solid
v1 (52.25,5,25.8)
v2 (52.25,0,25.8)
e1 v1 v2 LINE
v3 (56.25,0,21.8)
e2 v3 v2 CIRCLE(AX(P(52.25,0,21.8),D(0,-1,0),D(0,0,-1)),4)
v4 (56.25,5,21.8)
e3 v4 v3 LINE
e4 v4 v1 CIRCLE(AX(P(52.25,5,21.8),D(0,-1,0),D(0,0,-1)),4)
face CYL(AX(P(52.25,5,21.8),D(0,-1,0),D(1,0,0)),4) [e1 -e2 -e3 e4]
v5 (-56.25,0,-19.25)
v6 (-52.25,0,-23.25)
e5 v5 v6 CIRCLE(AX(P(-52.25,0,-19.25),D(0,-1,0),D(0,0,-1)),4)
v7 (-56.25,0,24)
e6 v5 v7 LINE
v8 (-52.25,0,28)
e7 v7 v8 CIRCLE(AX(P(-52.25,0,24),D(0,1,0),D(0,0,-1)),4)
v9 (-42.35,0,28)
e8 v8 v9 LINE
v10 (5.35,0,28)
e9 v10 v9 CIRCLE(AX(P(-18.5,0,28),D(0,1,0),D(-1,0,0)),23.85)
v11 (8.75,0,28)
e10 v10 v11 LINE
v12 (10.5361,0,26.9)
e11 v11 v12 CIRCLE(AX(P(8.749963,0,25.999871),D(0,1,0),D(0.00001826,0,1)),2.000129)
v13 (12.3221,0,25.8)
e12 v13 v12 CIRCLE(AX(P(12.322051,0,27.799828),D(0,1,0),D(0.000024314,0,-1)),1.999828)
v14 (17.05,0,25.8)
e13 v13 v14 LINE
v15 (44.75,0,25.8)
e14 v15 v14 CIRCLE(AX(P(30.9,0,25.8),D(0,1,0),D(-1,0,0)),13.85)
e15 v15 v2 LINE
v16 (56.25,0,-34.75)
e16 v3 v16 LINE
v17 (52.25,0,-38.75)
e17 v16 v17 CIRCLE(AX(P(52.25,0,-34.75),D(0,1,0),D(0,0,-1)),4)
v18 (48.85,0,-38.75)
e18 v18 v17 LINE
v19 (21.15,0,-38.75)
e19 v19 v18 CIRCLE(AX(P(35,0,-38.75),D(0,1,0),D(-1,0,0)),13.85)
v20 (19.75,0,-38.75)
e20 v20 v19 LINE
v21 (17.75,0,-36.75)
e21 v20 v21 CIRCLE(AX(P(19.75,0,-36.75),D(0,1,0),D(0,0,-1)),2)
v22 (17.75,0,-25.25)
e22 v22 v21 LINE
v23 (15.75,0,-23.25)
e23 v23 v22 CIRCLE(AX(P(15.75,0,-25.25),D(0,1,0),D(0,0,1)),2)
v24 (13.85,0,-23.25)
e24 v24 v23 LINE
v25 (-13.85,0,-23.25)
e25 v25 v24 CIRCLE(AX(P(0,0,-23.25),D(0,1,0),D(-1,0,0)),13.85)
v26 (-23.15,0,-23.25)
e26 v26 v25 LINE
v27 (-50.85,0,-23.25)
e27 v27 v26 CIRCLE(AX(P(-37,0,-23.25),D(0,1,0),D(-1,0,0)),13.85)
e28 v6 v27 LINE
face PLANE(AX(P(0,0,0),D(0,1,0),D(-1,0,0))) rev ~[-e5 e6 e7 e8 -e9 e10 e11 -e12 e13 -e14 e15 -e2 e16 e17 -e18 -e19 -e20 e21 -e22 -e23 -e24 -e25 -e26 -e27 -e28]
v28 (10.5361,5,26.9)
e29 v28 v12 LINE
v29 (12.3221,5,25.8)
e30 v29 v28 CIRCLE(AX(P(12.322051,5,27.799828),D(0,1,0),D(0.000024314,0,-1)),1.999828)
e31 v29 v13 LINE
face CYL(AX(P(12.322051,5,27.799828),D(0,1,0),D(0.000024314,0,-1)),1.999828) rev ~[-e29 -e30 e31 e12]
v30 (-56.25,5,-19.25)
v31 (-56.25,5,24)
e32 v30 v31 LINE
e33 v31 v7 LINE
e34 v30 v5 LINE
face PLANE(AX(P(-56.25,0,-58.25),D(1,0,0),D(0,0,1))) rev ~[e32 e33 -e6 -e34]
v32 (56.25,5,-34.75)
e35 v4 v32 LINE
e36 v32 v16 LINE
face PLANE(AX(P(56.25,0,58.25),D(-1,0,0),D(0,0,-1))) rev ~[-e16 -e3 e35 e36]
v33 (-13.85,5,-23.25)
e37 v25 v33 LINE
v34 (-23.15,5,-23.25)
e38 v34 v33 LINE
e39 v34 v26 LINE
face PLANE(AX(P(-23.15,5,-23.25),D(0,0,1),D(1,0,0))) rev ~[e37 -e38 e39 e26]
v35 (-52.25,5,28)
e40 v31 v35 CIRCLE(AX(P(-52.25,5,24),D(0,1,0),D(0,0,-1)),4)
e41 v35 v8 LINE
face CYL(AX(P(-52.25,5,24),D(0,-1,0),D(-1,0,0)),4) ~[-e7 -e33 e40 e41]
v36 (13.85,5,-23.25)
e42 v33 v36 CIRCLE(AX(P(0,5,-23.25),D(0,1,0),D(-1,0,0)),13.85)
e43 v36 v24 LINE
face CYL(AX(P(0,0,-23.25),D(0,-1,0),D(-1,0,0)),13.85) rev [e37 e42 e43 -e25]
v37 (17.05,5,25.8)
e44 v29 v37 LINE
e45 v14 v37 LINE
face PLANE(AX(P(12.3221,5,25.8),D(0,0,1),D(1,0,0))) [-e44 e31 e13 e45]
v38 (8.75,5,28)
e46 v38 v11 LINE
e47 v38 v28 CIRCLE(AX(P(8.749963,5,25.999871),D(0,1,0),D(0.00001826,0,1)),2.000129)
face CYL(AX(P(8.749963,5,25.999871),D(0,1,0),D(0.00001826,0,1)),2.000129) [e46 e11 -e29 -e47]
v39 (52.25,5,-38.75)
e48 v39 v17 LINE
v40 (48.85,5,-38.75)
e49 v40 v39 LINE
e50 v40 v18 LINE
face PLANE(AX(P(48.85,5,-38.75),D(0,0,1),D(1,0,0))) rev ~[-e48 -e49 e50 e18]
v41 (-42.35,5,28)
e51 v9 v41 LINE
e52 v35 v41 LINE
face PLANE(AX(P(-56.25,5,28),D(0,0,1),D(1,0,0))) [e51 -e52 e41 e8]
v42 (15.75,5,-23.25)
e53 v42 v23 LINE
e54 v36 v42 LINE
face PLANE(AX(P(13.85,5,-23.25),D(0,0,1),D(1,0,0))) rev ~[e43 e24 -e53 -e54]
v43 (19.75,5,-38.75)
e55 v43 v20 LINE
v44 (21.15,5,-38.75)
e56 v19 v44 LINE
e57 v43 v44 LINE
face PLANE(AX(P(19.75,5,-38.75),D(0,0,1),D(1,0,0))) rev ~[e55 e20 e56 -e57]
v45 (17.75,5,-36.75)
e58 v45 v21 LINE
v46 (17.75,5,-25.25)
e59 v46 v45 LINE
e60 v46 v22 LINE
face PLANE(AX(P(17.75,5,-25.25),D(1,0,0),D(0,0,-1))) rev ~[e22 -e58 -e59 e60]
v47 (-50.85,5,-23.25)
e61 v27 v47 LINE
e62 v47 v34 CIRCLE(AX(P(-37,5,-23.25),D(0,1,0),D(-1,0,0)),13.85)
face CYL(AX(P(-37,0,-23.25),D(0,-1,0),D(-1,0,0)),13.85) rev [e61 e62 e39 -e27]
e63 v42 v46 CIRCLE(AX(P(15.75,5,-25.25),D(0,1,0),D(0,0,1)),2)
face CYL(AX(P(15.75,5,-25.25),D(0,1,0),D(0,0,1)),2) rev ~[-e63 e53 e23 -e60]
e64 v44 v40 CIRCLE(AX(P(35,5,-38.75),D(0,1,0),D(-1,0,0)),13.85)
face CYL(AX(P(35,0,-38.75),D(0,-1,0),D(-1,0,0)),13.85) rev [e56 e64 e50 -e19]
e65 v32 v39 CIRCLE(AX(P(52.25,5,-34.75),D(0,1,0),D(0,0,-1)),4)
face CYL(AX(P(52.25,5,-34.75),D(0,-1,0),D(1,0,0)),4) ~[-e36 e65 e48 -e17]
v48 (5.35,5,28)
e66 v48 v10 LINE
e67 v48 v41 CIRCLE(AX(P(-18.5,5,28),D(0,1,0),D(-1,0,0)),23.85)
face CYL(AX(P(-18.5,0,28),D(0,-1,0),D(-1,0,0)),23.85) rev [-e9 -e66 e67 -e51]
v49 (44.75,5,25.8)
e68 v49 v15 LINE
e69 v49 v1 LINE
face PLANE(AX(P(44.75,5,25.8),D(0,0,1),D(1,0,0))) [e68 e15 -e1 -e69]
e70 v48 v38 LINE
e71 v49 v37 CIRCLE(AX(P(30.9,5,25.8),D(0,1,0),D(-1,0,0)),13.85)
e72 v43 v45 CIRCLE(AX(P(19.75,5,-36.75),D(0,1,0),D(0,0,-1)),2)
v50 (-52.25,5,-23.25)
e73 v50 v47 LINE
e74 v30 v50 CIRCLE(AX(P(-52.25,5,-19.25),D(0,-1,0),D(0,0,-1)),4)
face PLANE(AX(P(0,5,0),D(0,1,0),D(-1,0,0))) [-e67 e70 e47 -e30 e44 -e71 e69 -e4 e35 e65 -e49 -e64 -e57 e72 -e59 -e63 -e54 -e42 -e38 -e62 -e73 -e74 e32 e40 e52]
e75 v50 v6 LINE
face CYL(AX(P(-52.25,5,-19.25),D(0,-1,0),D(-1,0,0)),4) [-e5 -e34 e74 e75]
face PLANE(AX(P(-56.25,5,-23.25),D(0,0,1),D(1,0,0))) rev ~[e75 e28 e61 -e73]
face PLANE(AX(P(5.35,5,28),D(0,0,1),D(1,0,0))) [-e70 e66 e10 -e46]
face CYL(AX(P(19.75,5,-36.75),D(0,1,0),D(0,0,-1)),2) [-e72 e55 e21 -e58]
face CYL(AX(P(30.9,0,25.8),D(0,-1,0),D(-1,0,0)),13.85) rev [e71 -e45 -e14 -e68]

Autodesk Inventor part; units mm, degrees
ref_plane "YZ Plane" through (0, 0, 0) normal (1, 0, 0) x (0, 1, 0)
ref_plane "XZ Plane" through (0, 0, 0) normal (0, 1, 0) x (-1, 0, 0)
ref_plane "XY Plane" through (0, 0, 0) normal (0, 0, 1) x (1, 0, 0)
sketch "Sketch1" plane through (0, 0, 0) normal (0, 1, 0) x (-1, 0, 0)
  circle A0 centre (18.5, 28) radius 23.85
  circle A1 centre (37, -23.25) radius 13.85
  circle A2 centre (-35, -38.75) radius 13.85
  circle A3 centre (-30.9, 25.8) radius 13.85
  circle A4 centre (0, -23.25) radius 13.85
  line L0 (56.25, 58.25) -> (-56.25, 58.25)
  line L1 (-56.25, -58.25) -> (56.25, -58.25)
  line L2 (0, -105.9299) -> (0, 123.2086) construction
  line L3 (-76.4777, -38.75) -> (-5.35, -38.75) construction
  line L4 (-123.5447, -23.25) -> (82.5572, -23.25) construction
  line L5 (56.25, -58.25) -> (56.25, 58.25)
  line L6 (56.25, 58.25) -> (56.25, -58.25)
  line L7 (-56.25, 58.25) -> (-56.25, -58.25)
  line L8 (100.0459, 28) -> (-13.85, 28) construction
  line L9 (-9.7154, 25.8) -> (-68.4996, 25.8) construction
  line L10 (18.5, 82.6038) -> (18.5, -4.654) construction
  line L11 (-30.9, 82.6038) -> (-30.9, 8.6393) construction
  point P0 (0, 0)
  point P1 (0, 0)
  dimension "d0" = 47.7
  dimension "d1" = 27.7
  dimension "d2" = 27.7
  dimension "d3" = 27.7
  dimension "d4" = 27.7
  dimension "d7" = 37
  dimension "d9" = 30.9
  dimension "d10" = 19.5
  dimension "d11" = 35
  dimension "d12" = 35
  dimension "d13" = 25.8
  dimension "d14" = 28
  dimension "d15" = 56.25
  dimension "d16" = 58.25
  dimension "d17" = 116.5
  dimension "d18" = 112.5
  dimension "d19" = 18.5
  dimension "d20" = 32.45
extrude "Extrusion1" add sketch "Sketch1" along normal blind 5
sketch "Sketch2" plane through (0, 5, 0) normal (0, 1, 0) x (1, 0, 0)
  line L0 (-56.25, 58.25) -> (-56.25, -58.25) projected
  line L1 (-56.25, -58.25) -> (56.25, -58.25) projected
  line L2 (56.25, -58.25) -> (56.25, 58.25) projected
  line L3 (56.25, 58.25) -> (-56.25, 58.25) projected
  circle A0 centre (0, 23.25) radius 13.85 projected
  circle A1 centre (30.9, -25.8) radius 13.85 projected
  circle A2 centre (35, 38.75) radius 13.85 projected
  circle A3 centre (-37, 23.25) radius 13.85 projected
  circle A4 centre (-18.5, -28) radius 23.85 projected
  line L4 (-56.25, 58.25) -> (-56.25, -58.25) projected
  line L5 (-56.25, 23.25) -> (15.75, 23.25)
  line L6 (19.75, 38.75) -> (56.25, 38.75)
  line L7 (56.25, -58.25) -> (56.25, 58.25) projected
  line L8 (17.75, 25.25) -> (17.75, 36.75)
  arc A5 (15.75, 23.25) -> (17.75, 25.25) centre (15.75, 25.25) ccw
  arc A6 (19.75, 38.75) -> (17.75, 36.75) centre (19.75, 36.75) ccw
  point P0 (0, 0)
  point P1 (17.75, 23.25)
  point P2 (17.75, 38.75)
  point P3 (-50.85, 23.25)
  point P4 (-23.15, 23.25)
  point P5 (-13.85, 23.25)
  point P6 (13.85, 23.25)
  point P7 (21.15, 38.75)
  point P8 (48.85, 38.75)
  dimension "d23" = 74
  dimension "d25" = 38.5
  dimension "d26" = 2
  dimension "d27" = 35
  dimension "d28" = 19.5
sketch "Sketch3" plane through (0, 5, 0) normal (0, 1, 0) x (1, 0, 0)
  line L0 (-56.25, -28) -> (8.75, -28)
  line L1 (12.3221, -25.8) -> (56.25, -25.8)
  line L2 (-56.25, 58.25) -> (-56.25, -58.25) projected
  line L3 (-56.25, -58.25) -> (56.25, -58.25) projected
  line L4 (56.25, -58.25) -> (56.25, 58.25) projected
  line L5 (56.25, 58.25) -> (-56.25, 58.25) projected
  circle A0 centre (0, 23.25) radius 13.85 projected
  circle A1 centre (30.9, -25.8) radius 13.85 projected
  circle A2 centre (35, 38.75) radius 13.85 projected
  circle A3 centre (-37, 23.25) radius 13.85 projected
  circle A4 centre (-18.5, -28) radius 23.85 projected
  line L6 (56.25, -58.25) -> (56.25, 58.25) projected
  line L7 (-56.25, 58.25) -> (-56.25, -58.25) projected
  line L8 (10.75, -26) -> (10.75, -25.8)
  arc A5 (8.75, -28) -> (10.5361, -26.9) centre (8.75, -26) ccw
  arc A6 (12.3221, -25.8) -> (10.5361, -26.9) centre (12.3221, -27.8) ccw
  point P0 (0, 0)
  point P1 (10.75, -28)
  point P2 (44.75, -25.8)
  point P3 (17.05, -25.8)
  point P4 (5.35, -28)
  point P5 (-42.35, -28)
  dimension "d29" = 67
  dimension "d30" = 2
extrude "Extrusion2" cut sketch "Sketch3" against normal blind 10 contours L0 A5 A6 L1 A1 L4 L3 L2 A4
extrude "Extrusion3" cut sketch "Sketch2" against normal through all contours L3 L2 L6 A2 A6 L8 A5 L5 A0 A3 L0
fillet "Fillet1" radius 4 4 edges at (-56.25, 2.5, -23.25) (-56.25, 2.5, 28) (56.25, 2.5, 25.8) (56.25, 2.5, -38.75)
properties part number "Top Bottle Middle"
